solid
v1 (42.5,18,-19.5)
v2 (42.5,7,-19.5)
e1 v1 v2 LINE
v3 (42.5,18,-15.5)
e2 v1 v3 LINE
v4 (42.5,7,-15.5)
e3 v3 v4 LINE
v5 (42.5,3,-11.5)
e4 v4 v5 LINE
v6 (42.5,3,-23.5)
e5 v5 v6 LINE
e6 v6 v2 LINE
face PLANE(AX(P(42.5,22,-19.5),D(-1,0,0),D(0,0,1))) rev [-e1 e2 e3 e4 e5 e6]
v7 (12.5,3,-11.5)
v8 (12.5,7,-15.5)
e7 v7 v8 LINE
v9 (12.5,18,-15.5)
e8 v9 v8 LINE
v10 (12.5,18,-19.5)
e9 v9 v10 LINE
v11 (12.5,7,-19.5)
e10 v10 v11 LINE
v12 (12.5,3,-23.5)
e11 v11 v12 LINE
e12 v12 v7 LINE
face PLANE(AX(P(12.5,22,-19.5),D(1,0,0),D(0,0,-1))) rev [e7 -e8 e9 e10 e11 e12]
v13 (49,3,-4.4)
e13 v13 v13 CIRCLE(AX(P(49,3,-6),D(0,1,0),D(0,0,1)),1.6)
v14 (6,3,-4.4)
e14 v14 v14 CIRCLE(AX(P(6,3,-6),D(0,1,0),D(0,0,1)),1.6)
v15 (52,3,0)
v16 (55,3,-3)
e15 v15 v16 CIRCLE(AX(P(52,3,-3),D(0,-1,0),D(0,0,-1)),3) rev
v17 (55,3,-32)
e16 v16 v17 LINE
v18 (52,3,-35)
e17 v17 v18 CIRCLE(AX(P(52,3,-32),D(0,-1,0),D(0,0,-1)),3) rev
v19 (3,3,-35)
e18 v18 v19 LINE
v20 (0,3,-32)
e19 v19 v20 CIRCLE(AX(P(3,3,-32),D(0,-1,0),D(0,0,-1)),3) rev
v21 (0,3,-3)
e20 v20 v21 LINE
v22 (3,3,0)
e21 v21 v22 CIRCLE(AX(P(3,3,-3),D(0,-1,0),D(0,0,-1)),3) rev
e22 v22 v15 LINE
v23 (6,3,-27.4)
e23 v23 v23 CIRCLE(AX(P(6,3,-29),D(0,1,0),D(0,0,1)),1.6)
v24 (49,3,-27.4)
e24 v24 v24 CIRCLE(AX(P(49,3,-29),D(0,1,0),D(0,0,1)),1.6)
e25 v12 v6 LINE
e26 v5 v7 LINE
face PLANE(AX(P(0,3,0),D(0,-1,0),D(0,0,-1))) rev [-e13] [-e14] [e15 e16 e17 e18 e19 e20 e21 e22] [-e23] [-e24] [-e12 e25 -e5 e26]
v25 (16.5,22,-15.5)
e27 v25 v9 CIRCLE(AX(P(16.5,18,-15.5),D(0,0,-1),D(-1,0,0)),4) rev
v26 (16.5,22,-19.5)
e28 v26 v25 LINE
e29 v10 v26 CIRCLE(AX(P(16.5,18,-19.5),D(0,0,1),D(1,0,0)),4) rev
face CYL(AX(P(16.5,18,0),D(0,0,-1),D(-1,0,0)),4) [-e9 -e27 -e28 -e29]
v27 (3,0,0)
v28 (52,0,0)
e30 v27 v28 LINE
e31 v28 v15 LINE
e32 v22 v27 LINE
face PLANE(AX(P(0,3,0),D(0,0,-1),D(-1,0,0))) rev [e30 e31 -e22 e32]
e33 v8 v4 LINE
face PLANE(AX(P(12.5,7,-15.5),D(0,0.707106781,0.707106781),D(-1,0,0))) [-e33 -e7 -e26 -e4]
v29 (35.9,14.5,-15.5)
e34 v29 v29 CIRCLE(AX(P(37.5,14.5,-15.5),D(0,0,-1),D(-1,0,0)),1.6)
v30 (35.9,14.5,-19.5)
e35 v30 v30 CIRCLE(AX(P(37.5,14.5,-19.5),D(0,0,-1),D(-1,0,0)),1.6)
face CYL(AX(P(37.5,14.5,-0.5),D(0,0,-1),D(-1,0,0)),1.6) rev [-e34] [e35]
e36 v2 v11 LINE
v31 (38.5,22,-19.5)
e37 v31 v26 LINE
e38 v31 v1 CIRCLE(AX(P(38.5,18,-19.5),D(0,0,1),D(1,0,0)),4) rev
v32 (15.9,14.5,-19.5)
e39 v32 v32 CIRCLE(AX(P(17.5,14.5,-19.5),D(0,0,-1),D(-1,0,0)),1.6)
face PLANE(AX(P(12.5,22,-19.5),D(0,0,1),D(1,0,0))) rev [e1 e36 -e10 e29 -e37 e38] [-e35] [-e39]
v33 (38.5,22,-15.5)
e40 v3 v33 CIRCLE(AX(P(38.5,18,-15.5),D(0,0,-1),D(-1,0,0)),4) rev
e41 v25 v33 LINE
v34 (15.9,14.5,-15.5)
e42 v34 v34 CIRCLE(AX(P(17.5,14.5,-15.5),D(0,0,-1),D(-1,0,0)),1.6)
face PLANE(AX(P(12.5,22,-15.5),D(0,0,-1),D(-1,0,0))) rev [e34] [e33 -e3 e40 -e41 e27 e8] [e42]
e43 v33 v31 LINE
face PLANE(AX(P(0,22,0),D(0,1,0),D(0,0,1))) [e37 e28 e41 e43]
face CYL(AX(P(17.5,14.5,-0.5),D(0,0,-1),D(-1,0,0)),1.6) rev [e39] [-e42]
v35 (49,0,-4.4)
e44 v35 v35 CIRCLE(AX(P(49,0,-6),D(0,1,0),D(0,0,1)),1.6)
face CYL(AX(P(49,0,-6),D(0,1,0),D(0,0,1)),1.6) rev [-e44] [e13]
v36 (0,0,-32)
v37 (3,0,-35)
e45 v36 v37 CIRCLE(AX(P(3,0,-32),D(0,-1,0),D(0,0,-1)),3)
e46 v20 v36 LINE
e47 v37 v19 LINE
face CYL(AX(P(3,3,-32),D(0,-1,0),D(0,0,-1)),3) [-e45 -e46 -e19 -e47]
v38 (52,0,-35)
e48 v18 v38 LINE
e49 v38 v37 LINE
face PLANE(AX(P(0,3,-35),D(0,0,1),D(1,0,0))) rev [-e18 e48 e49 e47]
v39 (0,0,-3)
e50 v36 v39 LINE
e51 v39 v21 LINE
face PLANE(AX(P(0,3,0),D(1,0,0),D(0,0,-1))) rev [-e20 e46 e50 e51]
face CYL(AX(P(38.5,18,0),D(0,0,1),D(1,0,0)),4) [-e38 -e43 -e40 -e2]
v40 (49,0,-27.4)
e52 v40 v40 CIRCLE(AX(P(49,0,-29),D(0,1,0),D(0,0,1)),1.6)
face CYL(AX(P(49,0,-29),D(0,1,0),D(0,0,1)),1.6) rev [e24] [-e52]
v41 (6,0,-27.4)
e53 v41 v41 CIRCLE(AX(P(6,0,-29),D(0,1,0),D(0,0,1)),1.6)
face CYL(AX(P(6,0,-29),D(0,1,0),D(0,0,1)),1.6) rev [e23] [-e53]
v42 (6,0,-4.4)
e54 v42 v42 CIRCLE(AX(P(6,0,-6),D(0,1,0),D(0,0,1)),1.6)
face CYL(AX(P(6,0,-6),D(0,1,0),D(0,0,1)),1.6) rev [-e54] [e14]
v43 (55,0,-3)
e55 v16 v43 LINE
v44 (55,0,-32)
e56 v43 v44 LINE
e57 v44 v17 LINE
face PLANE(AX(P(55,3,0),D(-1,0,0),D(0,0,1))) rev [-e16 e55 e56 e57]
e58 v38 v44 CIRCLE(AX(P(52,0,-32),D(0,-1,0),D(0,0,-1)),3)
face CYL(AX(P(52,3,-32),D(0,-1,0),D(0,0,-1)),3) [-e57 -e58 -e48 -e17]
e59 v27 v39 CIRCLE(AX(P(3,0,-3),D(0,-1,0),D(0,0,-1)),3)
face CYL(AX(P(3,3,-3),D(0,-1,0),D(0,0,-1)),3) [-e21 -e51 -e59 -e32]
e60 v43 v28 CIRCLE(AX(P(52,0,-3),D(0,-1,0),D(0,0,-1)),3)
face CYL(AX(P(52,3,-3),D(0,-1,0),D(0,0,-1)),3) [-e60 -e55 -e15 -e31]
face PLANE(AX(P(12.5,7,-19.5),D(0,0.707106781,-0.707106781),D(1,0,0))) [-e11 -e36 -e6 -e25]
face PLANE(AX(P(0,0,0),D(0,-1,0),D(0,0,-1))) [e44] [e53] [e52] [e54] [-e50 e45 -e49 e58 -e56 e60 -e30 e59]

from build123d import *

# Parameters (mm, degrees)
SKETCH_1_W          = 55
SKETCH_1_H          = 35
EXTRUDE_1_DEPTH     = 3
SKETCH_2_R          = 1.6
CUT_EXTRUDE_1_DEPTH = 3
FILLET_1_R          = 3
SKETCH_3_W          = 30
SKETCH_3_H          = 4
EXTRUDE_2_DEPTH     = 19
CHAMFER_1_SIZE      = 4
SKETCH_4_R          = 1.6
CUT_EXTRUDE_2_DEPTH = 19
FILLET_3_R          = 4


with BuildPart() as part:
    # 草图1 → 凸台-拉伸1 (new body)
    with BuildSketch(Plane(origin=(0, 0, 0), x_dir=(1, 0, 0), z_dir=(0, 1, 0))):
        with Locations((27.5, 17.5)):
            Rectangle(SKETCH_1_W, SKETCH_1_H)
    extrude(amount=EXTRUDE_1_DEPTH)

    # 草图2 → 切除-拉伸1 (cut)
    with BuildSketch(Plane(origin=(0, 3, 0), x_dir=(1, 0, 0), z_dir=(0, 1, 0))):
        with Locations(Location((6, 29, 0), (0, 0, 270))):
            Circle(SKETCH_2_R)
        with Locations(Location((49, 29, 0), (0, 0, 270))):
            Circle(SKETCH_2_R)
        with Locations(Location((49, 6, 0), (0, 0, 270))):
            Circle(SKETCH_2_R)
        with Locations(Location((6, 6, 0), (0, 0, 270))):
            Circle(SKETCH_2_R)
    extrude(amount=-CUT_EXTRUDE_1_DEPTH, mode=Mode.SUBTRACT)

    # 圆角1
    fillet_1_edges = [part.edges().sort_by_distance(p)[0] for p in [
        (0, 1.5, -35),
        (55, 1.5, -35),
        (55, 1.5, 0),
        (0, 1.5, 0),
    ]]
    fillet(fillet_1_edges, radius=FILLET_1_R)

    # 草图3 → 凸台-拉伸2 (add)
    with BuildSketch(Plane(origin=(0, 3, 0), x_dir=(1, 0, 0), z_dir=(0, 1, 0))):
        with Locations((27.5, 17.5)):
            Rectangle(SKETCH_3_W, SKETCH_3_H)
    extrude(amount=EXTRUDE_2_DEPTH)

    # 倒角1
    chamfer_1_edges = [part.edges().sort_by_distance(p)[0] for p in [
        (27.5, 3, -15.5),
        (27.5, 3, -19.5),
    ]]
    chamfer(chamfer_1_edges, length=CHAMFER_1_SIZE)

    # 草图4 → 切除-拉伸2 (cut)
    with BuildSketch(Plane(origin=(0, 0, -19.5), x_dir=(-1, 0, 0), z_dir=(0, 0, -1))):
        with Locations((-37.5, 14.5)):
            Circle(SKETCH_4_R)
        with Locations((-17.5, 14.5)):
            Circle(SKETCH_4_R)
    extrude(amount=-CUT_EXTRUDE_2_DEPTH, mode=Mode.SUBTRACT)

    # 圆角3
    fillet_3_edges = [part.edges().sort_by_distance(p)[0] for p in [
        (12.5, 22, -17.5),
        (42.5, 22, -17.5),
    ]]
    fillet(fillet_3_edges, radius=FILLET_3_R)


solid = part.part
